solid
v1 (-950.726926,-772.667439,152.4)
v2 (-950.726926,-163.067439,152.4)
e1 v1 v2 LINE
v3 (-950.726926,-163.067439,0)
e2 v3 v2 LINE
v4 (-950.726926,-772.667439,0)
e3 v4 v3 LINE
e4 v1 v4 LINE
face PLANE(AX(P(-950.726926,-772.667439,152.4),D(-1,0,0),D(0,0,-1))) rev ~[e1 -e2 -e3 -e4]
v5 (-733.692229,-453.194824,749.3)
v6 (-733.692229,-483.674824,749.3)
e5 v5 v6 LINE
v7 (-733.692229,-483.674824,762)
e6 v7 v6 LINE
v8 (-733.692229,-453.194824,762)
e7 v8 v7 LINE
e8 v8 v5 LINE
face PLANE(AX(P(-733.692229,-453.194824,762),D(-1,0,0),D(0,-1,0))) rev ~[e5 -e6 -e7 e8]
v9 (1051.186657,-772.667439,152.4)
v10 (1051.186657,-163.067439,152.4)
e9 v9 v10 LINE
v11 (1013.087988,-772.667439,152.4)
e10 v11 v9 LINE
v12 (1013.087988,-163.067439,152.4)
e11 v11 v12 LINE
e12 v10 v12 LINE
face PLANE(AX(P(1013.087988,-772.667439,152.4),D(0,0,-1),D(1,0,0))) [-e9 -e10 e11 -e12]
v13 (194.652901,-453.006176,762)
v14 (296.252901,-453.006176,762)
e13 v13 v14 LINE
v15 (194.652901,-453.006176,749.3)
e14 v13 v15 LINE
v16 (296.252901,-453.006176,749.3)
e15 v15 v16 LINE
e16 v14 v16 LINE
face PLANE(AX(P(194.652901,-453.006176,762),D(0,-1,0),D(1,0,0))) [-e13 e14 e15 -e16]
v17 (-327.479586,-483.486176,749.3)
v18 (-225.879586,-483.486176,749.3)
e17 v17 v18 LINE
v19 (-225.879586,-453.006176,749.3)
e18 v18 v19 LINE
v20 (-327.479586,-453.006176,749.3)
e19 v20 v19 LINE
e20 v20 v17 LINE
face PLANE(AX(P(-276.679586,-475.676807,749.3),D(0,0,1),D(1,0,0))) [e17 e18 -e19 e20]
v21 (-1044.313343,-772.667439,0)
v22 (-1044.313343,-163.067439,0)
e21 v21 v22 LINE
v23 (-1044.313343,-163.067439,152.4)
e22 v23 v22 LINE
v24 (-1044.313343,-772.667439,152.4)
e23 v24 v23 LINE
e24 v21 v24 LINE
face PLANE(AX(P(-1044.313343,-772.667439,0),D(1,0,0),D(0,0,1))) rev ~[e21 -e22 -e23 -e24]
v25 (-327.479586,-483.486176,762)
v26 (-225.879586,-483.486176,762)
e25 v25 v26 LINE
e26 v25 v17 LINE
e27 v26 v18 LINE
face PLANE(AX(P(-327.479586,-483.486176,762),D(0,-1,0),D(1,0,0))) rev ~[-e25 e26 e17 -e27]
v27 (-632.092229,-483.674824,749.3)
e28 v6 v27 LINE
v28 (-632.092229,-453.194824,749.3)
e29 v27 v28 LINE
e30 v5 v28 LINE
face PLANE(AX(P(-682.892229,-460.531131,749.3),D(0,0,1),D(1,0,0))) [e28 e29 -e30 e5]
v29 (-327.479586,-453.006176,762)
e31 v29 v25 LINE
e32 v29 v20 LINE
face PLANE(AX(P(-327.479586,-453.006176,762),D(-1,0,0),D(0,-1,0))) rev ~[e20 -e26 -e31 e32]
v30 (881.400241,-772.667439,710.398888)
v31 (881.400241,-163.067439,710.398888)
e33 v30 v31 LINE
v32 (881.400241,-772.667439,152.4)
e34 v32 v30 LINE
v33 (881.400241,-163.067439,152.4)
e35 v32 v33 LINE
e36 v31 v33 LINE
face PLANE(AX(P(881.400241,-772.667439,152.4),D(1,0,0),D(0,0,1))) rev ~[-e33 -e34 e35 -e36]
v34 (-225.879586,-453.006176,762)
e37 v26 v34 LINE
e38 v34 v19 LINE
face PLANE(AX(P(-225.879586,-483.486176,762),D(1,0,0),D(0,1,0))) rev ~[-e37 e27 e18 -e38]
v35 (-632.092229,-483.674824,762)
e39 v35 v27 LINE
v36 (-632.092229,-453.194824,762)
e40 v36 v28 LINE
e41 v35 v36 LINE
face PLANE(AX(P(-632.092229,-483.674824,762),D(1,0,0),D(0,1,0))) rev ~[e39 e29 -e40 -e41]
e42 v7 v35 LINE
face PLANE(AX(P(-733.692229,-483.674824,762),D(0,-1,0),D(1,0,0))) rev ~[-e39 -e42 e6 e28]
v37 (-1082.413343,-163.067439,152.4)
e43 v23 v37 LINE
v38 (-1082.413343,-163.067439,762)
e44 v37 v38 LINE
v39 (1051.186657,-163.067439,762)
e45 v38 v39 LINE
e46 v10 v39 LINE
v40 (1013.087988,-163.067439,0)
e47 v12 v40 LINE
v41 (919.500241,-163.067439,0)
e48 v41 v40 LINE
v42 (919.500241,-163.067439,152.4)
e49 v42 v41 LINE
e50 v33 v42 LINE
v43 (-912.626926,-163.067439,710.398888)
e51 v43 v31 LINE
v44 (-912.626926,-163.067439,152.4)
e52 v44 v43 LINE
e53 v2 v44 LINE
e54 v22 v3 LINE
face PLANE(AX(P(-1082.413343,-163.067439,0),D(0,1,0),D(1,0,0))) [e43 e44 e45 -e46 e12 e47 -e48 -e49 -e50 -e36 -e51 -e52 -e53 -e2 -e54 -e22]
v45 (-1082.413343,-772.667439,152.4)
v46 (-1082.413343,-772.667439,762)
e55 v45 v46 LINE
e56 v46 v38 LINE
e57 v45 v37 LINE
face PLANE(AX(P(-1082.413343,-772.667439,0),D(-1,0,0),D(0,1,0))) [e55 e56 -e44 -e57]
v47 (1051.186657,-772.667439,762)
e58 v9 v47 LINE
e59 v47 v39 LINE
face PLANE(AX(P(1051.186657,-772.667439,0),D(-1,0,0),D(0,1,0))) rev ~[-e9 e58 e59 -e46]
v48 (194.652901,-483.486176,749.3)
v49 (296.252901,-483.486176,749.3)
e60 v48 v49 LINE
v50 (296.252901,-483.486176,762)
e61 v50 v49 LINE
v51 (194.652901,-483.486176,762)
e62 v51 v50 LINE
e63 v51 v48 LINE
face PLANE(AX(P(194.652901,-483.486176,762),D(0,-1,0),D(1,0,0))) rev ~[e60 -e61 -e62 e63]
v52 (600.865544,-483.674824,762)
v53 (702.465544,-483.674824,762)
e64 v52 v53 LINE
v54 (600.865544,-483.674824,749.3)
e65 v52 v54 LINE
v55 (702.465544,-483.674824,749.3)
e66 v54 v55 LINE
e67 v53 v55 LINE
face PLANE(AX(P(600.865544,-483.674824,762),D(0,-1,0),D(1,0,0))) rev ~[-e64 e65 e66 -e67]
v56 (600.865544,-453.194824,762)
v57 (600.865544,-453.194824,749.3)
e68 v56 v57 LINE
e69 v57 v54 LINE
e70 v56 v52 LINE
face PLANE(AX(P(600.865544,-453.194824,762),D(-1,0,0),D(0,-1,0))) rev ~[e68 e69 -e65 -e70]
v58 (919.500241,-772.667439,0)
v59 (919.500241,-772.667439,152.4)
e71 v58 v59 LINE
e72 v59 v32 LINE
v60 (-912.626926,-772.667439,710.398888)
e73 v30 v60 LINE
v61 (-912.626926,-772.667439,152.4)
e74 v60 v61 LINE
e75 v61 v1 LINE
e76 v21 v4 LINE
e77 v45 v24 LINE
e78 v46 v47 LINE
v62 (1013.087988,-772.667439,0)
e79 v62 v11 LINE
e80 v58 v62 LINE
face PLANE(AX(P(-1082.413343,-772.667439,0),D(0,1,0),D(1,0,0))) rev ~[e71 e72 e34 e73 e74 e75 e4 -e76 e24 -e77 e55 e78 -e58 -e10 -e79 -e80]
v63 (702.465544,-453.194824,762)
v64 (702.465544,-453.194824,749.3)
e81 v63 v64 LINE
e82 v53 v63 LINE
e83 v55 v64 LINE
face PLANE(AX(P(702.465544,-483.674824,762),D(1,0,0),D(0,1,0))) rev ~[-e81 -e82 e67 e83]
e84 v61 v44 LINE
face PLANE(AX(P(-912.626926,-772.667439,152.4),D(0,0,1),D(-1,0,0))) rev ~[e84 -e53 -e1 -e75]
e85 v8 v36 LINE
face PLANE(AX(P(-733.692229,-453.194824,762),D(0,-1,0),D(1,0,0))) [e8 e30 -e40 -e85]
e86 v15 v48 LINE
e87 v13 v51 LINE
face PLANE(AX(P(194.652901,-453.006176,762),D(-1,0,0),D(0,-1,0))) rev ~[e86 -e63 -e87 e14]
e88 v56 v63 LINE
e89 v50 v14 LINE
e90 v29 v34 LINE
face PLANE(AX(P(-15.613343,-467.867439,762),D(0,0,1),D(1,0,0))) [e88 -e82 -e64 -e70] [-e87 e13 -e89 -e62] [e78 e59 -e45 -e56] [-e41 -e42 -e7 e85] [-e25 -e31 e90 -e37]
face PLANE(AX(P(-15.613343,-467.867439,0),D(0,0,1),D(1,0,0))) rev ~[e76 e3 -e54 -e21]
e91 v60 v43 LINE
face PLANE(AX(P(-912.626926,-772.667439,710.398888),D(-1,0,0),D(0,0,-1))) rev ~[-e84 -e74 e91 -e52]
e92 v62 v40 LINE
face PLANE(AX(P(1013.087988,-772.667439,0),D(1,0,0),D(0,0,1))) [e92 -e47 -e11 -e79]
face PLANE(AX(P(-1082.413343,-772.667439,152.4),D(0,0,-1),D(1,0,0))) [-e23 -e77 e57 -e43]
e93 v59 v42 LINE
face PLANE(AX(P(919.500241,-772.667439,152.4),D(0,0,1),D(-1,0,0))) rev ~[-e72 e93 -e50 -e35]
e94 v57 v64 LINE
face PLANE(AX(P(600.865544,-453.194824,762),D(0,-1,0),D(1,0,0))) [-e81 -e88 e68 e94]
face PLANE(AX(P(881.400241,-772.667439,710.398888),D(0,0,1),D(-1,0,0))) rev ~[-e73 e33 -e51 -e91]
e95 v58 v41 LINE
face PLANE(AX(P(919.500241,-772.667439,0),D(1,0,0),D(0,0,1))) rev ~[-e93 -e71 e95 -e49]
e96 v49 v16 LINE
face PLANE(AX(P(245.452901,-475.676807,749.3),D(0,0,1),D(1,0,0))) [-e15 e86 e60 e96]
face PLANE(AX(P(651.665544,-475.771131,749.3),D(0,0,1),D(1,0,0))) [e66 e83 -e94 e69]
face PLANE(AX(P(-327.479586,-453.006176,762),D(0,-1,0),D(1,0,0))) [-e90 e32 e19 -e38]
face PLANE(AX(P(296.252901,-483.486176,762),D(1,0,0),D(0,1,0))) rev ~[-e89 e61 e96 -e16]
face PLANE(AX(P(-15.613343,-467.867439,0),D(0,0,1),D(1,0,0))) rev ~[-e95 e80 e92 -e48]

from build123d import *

# Parameters (mm, degrees)
F0_W     = 2133.6
F0_H     = 609.6
F1_DEPTH = 762
F3_DEPTH = 15240
F2_W     = 38.1
F2_H     = 152.4
F4_DEPTH = 1270
F2_W_2   = 38.0986694649
F5_DEPTH = 1270
F6_W     = 101.6
F6_H     = 14.6726144286
F6_H_2   = 15.8073855714
F6_H_3   = 15.6187368706
F6_H_4   = 14.8612631294
F7_DEPTH = 12.7


with BuildPart() as f1:
    # F0 (on Top) → F1 (new body)
    with BuildSketch(Plane.XY):
        with Locations((-15.6133426353, -467.8674386665)):
            Rectangle(F0_W, F0_H)
    extrude(amount=F1_DEPTH)

    # F2 (on face) → F3 (cut)
    with BuildSketch(Plane.XZ.offset(772.6674386665)):
        Polygon((-950.7269263268, 152.4), (-950.7269263268, 0), (-15.6133426353, 0), (-15.6133426353, 710.3988881946), (-912.6269263268, 710.3988881946), (-912.6269263268, 152.4), align=None)
        Polygon((881.4002410561, 710.3988881946), (-15.6133426353, 710.3988881946), (-15.6133426353, 0), (919.5002410561, 0), (919.5002410561, 152.4), (881.4002410561, 152.4), align=None)
    extrude(amount=-F3_DEPTH, mode=Mode.SUBTRACT)

    # F2 (on face) → F4 (cut)
    with BuildSketch(Plane.XZ.offset(772.6674386665)):
        Polygon((-950.7269263268, 152.4), (-950.7269263268, 0), (-15.6133426353, 0), (-15.6133426353, 710.3988881946), (-912.6269263268, 710.3988881946), (-912.6269263268, 152.4), align=None)
        with Locations((-1063.3633426353, 76.2)):
            Rectangle(F2_W, F2_H)
        Polygon((-15.6133426353, 710.3988881946), (-15.6133426353, 0), (919.5002410561, 0), (919.5002410561, 152.4), (881.4002410561, 152.4), (881.4002410561, 710.3988881946), align=None)
    extrude(amount=-F4_DEPTH, mode=Mode.SUBTRACT)

    # F2 (on face) → F5 (cut)
    with BuildSketch(Plane.XZ.offset(772.6674386665)):
        with Locations((-1063.3633426353, 76.2)):
            Rectangle(F2_W, F2_H)
        with Locations((1032.1373226322, 76.2)):
            Rectangle(F2_W_2, F2_H)
    extrude(amount=-F5_DEPTH, mode=Mode.SUBTRACT)

    # F6 (on face) → F7 (cut)
    with BuildSketch(Plane.XY.offset(762)):
        with Locations((-682.8922287941, -460.5311314521)):
            Rectangle(F6_W, F6_H)
        with Locations((-682.8922287941, -475.7711314521)):
            Rectangle(F6_W, F6_H_2)
        with Locations((-276.6795860052, -475.6768071018)):
            Rectangle(F6_W, F6_H_3)
        with Locations((-276.6795860052, -460.4368071018)):
            Rectangle(F6_W, F6_H_4)
        with Locations((245.4529007345, -475.6768071018)):
            Rectangle(F6_W, F6_H_3)
        with Locations((245.4529007345, -460.4368071018)):
            Rectangle(F6_W, F6_H_4)
        with Locations((651.6655435234, -475.7711314521)):
            Rectangle(F6_W, F6_H_2)
        with Locations((651.6655435234, -460.5311314521)):
            Rectangle(F6_W, F6_H)
    extrude(amount=-F7_DEPTH, mode=Mode.SUBTRACT)


solid = f1.part
